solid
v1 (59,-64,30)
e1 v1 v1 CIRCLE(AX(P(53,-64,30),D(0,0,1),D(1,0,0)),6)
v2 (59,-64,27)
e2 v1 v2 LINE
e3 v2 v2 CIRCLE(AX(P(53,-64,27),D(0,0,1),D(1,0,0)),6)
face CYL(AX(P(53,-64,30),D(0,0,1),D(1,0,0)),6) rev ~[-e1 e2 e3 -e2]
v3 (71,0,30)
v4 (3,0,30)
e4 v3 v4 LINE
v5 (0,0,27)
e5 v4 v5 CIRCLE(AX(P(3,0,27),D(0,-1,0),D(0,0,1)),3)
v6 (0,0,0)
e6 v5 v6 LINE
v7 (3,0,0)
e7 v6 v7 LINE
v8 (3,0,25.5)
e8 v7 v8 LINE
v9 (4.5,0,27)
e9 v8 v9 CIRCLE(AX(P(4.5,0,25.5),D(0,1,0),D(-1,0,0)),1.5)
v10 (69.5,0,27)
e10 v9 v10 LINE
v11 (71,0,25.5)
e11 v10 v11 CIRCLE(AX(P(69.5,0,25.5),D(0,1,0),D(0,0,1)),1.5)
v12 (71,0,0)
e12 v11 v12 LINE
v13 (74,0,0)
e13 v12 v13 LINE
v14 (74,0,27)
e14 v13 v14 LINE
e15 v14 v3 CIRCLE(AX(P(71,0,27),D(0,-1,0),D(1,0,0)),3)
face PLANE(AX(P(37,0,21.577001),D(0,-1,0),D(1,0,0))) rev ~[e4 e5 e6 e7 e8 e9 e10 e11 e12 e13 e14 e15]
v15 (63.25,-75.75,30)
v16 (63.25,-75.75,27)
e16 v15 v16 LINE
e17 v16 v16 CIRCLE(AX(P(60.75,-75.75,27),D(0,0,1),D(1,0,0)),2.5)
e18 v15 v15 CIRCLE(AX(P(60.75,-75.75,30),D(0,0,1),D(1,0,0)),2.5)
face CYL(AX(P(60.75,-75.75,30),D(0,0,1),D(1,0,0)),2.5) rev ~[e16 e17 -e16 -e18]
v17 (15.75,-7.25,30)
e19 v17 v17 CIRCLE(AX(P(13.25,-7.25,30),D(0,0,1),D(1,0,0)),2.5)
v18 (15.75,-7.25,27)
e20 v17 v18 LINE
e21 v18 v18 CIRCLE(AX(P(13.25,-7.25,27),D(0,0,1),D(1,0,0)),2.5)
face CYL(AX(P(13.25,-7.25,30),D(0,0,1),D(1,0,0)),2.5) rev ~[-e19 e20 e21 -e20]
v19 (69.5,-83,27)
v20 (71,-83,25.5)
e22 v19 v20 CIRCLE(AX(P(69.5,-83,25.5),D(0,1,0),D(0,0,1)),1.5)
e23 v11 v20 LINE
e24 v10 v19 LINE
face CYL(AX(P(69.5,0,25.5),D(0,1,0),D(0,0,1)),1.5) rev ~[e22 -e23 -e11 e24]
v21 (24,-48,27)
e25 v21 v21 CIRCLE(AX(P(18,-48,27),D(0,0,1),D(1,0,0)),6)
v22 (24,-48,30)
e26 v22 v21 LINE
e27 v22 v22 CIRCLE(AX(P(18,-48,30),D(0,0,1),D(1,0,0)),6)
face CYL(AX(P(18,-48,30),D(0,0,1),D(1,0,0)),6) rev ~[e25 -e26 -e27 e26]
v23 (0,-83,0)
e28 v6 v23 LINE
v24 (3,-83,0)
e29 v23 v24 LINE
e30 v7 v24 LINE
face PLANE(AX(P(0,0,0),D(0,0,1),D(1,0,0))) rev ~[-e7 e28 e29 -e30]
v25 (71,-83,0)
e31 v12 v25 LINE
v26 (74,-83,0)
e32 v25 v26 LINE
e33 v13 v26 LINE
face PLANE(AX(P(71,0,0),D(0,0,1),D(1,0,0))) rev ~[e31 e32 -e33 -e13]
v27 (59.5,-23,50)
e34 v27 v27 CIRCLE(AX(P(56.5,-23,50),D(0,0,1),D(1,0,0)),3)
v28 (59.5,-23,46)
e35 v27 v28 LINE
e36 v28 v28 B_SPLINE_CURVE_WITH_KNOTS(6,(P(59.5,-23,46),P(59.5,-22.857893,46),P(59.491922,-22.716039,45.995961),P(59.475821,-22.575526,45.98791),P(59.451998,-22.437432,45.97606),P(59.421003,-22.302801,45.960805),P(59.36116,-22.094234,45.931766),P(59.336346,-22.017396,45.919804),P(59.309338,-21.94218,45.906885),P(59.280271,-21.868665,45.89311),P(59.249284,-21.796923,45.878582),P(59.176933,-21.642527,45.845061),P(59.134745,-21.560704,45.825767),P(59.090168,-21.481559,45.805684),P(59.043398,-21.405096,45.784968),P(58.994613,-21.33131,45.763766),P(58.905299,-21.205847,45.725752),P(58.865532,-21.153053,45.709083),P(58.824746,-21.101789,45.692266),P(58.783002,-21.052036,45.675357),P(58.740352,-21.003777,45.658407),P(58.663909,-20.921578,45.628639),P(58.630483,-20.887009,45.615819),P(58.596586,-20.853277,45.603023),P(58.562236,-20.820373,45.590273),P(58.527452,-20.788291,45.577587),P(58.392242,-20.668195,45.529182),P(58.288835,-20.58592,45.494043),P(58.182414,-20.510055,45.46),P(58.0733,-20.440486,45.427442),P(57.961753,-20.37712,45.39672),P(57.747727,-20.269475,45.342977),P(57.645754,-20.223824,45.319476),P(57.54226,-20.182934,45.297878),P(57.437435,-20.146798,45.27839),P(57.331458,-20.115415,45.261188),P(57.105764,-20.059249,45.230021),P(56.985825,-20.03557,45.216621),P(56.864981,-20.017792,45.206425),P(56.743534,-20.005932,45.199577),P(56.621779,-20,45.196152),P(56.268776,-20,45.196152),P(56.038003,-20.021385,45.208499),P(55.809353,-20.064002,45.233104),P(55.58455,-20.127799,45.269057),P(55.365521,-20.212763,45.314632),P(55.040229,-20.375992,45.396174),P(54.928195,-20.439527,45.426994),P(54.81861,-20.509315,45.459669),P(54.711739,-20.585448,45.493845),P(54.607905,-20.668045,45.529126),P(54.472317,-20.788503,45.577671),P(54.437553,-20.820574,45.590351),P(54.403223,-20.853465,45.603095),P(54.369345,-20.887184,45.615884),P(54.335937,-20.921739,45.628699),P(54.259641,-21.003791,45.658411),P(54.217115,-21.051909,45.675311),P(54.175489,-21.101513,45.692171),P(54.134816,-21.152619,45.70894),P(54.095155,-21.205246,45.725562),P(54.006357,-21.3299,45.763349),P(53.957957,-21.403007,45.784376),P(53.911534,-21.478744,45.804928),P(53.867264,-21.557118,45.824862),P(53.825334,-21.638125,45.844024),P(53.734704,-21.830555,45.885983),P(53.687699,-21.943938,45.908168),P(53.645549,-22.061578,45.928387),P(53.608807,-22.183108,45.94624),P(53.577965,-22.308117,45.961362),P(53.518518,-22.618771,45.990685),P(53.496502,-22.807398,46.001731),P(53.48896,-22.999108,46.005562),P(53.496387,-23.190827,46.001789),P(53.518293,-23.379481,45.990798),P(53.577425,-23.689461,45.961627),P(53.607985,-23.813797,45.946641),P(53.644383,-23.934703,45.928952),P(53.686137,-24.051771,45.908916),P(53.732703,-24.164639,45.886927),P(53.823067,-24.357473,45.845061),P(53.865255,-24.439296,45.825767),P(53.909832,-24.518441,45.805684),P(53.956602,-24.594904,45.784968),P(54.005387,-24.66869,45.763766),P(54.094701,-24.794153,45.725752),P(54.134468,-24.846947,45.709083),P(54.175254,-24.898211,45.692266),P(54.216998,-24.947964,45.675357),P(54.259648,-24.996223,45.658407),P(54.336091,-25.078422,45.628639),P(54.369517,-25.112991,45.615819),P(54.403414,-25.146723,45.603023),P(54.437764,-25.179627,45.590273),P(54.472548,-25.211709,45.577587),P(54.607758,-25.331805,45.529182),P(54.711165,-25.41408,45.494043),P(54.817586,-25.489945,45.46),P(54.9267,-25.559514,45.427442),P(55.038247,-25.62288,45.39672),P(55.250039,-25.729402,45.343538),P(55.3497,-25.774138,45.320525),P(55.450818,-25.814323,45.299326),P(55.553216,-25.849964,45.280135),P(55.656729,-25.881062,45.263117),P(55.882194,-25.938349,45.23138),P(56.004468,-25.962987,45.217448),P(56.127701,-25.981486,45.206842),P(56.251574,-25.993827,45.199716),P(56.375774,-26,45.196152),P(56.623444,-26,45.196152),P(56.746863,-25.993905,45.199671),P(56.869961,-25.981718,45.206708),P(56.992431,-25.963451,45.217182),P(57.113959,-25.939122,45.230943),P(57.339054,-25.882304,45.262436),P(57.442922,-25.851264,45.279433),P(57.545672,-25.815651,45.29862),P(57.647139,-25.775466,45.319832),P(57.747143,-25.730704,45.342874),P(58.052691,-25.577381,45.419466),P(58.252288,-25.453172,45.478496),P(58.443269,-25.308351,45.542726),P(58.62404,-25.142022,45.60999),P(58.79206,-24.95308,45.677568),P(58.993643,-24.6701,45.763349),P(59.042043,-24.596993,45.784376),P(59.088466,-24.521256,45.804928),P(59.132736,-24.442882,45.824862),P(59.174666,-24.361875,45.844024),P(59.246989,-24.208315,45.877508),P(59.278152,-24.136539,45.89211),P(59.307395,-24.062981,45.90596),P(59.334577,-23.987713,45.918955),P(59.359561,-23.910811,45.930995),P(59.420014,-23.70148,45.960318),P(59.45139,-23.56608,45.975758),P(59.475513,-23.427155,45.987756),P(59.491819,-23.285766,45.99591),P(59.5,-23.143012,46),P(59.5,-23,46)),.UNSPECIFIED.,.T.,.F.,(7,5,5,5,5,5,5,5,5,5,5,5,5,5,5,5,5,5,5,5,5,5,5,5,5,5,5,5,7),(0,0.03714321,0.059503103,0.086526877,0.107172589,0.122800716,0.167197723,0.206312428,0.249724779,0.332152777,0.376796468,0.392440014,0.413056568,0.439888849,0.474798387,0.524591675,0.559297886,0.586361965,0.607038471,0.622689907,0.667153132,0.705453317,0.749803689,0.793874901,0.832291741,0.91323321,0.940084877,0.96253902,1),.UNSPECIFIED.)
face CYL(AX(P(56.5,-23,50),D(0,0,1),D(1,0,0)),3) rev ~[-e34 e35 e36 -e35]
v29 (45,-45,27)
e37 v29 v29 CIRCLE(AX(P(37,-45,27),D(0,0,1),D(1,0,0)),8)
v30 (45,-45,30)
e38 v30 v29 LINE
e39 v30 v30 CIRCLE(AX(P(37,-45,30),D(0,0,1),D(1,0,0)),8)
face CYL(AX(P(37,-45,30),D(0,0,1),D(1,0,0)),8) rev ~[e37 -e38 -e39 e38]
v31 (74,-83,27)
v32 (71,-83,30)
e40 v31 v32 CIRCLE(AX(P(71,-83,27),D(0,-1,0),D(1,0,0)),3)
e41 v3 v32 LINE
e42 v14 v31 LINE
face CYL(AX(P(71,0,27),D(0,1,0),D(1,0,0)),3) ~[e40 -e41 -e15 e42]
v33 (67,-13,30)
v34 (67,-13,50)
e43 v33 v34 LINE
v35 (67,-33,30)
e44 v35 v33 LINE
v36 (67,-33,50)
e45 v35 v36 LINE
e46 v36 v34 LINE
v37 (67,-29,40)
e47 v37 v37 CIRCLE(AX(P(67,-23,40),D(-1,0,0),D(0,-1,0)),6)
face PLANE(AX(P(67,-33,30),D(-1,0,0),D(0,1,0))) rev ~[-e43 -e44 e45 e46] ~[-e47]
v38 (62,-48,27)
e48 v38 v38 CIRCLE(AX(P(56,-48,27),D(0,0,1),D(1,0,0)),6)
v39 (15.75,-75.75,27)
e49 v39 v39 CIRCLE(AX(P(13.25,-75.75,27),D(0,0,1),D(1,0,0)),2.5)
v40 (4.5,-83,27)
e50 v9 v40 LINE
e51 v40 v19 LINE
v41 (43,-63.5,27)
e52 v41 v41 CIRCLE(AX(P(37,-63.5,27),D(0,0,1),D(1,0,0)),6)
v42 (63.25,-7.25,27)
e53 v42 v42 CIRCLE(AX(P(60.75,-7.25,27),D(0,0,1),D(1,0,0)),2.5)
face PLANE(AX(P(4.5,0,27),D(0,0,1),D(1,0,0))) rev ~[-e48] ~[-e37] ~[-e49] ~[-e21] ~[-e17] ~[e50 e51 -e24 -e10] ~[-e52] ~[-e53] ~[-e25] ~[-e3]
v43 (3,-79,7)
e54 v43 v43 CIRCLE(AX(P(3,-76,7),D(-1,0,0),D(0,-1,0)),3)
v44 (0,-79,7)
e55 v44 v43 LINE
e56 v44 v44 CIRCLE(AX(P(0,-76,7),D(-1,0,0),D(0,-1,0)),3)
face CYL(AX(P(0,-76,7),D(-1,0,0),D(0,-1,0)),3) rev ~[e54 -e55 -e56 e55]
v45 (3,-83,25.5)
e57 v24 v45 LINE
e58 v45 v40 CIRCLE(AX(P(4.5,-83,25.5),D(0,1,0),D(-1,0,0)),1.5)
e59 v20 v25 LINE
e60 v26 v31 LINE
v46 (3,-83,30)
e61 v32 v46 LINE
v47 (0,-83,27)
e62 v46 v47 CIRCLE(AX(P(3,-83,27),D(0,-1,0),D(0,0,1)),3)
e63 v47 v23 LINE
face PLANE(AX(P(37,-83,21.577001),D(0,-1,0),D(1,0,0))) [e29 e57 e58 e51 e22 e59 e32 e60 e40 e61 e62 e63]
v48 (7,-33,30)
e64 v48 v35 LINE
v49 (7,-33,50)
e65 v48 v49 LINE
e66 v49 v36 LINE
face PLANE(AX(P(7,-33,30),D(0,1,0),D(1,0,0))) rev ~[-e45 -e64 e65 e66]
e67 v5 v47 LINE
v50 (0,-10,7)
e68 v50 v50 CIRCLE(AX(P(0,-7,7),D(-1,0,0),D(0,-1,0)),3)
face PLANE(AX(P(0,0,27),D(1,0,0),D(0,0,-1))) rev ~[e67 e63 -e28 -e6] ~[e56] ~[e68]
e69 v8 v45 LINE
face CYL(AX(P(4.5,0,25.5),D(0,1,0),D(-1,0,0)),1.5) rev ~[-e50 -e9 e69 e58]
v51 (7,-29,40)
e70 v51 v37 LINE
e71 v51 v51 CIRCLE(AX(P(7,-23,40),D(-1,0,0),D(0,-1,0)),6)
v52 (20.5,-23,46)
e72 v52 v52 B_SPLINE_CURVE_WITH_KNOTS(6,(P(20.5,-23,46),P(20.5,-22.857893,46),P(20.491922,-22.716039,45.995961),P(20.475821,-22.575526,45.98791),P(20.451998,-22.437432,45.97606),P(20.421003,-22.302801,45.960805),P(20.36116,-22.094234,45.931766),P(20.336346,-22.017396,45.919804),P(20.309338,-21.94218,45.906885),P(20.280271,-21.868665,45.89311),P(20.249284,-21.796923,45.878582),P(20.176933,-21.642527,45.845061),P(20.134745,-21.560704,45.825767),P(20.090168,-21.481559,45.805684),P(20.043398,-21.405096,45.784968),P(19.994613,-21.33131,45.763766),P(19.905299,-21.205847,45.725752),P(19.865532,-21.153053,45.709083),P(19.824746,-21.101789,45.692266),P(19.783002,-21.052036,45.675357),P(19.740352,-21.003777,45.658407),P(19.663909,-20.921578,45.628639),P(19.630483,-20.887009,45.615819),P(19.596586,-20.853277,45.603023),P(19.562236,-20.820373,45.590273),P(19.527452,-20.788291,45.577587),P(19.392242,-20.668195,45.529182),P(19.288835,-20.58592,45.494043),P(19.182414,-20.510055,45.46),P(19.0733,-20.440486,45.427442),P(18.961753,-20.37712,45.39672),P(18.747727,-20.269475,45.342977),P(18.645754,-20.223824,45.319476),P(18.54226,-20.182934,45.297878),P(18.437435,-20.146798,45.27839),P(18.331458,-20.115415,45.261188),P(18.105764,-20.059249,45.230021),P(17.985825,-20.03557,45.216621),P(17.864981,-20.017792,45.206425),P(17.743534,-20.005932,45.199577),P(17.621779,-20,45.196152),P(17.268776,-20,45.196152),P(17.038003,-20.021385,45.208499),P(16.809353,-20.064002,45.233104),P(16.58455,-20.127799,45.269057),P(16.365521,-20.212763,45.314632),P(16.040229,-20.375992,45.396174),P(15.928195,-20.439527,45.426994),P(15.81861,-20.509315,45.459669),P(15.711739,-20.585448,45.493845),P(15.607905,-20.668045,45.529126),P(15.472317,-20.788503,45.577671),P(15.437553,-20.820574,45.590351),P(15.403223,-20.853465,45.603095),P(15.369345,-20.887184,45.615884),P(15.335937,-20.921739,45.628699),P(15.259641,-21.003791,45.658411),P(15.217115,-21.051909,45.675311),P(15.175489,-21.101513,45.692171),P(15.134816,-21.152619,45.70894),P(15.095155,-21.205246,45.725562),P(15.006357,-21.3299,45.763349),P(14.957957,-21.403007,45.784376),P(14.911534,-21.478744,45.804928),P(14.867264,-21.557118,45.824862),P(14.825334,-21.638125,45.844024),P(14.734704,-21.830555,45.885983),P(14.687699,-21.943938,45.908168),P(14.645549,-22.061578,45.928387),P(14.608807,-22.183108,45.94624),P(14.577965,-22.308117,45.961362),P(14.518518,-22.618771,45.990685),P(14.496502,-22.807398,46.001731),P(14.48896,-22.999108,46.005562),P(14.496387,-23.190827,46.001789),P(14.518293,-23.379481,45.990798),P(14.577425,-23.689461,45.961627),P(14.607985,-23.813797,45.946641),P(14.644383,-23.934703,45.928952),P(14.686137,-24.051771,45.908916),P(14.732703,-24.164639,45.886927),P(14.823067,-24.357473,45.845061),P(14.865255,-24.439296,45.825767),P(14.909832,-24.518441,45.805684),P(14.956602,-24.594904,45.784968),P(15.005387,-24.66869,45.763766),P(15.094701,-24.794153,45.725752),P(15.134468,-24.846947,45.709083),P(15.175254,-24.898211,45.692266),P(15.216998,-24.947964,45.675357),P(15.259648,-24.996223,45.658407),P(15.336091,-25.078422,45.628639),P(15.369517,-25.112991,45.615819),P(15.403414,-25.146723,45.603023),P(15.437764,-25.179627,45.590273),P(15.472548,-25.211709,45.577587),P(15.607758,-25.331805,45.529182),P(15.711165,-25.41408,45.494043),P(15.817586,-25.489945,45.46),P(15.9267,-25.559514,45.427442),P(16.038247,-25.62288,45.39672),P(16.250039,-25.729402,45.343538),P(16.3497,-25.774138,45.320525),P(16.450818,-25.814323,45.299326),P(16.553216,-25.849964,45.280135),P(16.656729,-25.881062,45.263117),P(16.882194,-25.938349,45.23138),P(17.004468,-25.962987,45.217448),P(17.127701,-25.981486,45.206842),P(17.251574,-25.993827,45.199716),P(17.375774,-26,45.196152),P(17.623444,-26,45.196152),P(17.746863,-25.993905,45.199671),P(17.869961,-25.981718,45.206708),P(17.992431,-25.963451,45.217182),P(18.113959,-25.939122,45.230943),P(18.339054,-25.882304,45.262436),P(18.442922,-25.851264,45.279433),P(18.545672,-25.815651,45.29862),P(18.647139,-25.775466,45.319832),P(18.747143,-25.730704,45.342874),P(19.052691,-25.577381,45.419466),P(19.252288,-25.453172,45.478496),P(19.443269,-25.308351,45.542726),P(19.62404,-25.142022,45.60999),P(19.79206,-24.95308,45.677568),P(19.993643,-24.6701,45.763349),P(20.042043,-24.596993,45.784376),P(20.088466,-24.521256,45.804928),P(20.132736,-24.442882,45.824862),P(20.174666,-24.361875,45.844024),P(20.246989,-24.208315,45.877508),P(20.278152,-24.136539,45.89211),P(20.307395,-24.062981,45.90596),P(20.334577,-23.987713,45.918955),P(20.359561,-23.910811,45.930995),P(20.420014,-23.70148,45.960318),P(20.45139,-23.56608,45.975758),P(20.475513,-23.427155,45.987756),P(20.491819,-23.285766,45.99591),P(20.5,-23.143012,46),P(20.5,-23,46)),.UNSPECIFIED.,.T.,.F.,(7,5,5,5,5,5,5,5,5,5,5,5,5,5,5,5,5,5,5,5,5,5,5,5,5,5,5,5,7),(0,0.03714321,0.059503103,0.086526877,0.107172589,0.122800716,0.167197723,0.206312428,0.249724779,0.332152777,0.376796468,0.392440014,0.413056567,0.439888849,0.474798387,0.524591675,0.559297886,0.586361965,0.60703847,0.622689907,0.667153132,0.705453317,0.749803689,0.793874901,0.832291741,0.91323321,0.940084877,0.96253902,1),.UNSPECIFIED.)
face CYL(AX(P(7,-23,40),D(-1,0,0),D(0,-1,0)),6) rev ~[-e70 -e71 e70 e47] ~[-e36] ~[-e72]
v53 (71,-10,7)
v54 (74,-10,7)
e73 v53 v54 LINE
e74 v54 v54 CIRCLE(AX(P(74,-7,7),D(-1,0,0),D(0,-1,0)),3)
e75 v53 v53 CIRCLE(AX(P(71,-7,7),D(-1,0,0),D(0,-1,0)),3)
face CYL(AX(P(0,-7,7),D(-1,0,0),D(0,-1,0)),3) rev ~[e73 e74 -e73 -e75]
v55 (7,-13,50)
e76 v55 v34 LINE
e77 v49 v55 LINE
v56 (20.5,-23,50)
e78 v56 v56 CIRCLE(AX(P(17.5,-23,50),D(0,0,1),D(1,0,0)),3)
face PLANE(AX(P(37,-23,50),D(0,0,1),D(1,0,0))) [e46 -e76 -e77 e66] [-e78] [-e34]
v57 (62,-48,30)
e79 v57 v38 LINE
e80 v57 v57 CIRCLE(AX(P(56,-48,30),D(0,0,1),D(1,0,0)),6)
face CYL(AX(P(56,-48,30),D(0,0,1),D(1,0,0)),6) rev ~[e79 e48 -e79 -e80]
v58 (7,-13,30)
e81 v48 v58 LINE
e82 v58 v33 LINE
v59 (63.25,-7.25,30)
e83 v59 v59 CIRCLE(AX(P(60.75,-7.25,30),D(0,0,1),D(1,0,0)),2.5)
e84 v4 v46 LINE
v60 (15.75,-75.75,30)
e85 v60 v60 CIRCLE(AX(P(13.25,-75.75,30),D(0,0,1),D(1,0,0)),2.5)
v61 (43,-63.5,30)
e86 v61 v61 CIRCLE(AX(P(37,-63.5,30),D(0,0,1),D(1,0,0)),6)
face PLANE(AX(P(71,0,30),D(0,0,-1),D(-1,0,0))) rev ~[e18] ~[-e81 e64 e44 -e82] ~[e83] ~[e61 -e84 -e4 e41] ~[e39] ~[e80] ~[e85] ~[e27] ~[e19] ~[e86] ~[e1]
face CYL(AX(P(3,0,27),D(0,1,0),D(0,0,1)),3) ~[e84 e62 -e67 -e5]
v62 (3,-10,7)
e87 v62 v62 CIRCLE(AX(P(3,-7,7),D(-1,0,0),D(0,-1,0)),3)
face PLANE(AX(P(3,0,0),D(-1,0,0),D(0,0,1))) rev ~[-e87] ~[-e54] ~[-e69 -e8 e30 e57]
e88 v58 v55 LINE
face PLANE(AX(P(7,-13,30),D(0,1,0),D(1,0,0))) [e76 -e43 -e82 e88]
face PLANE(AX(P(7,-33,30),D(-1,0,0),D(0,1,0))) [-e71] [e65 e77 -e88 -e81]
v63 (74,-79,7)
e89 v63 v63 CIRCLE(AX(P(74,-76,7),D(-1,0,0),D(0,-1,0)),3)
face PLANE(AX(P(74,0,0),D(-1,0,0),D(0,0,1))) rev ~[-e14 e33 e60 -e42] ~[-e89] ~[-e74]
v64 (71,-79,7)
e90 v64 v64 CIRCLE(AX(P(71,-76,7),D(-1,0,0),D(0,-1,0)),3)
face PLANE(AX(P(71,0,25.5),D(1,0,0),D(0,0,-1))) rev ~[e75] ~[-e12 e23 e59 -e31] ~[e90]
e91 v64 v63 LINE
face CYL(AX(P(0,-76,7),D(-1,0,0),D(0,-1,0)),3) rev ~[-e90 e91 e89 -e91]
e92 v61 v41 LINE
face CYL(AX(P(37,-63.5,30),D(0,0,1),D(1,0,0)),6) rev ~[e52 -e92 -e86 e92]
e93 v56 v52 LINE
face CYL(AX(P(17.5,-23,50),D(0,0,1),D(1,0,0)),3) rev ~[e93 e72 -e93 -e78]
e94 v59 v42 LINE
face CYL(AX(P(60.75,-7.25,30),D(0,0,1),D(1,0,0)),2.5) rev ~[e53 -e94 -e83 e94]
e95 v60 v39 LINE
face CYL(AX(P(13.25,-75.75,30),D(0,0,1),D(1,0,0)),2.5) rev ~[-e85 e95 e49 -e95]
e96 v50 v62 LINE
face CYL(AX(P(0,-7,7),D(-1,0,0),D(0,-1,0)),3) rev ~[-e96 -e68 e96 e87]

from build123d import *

# Parameters (mm, degrees)
F1_DEPTH  = 83
F2_R      = 2.5
F3_DEPTH  = 30.001
F4_R      = 8
F4_R_2    = 6
F5_DEPTH  = 30.001
F6_R      = 3
F7_DEPTH  = 74.001
F8_W      = 60
F8_H      = 20
F9_DEPTH  = 20
F10_R     = 6
F11_DEPTH = 67.001
F12_R     = 3
F13_DEPTH = 4.8048476773


with BuildPart() as f1:
    # F0 (on Front) → F1 (new body)
    with BuildSketch(Plane.XZ):
        with BuildLine():
            Line((0, 27), (0, 0))
            Line((0, 0), (3, 0))
            Line((3, 0), (3, 25.5))
            ThreePointArc((3, 25.5), (3.4393398282, 26.5606601718), (4.5, 27))
            Line((4.5, 27), (69.5, 27))
            ThreePointArc((69.5, 27), (70.5606601718, 26.5606601718), (71, 25.5))
            Line((71, 25.5), (71, 0))
            Line((71, 0), (74, 0))
            Line((74, 0), (74, 27))
            ThreePointArc((74, 27), (73.1213203436, 29.1213203436), (71, 30))
            Line((71, 30), (3, 30))
            ThreePointArc((3, 30), (0.8786796564, 29.1213203436), (0, 27))
        make_face()
    extrude(amount=F1_DEPTH)

    # F2 (on face) → F3 (cut, through all)
    with BuildSketch(Plane.XY.offset(30)):
        with Locations((13.25, -7.25)):
            Circle(F2_R)
        with Locations((60.75, -7.25)):
            Circle(F2_R)
        with Locations((60.75, -75.75)):
            Circle(F2_R)
        with Locations((13.25, -75.75)):
            Circle(F2_R)
    extrude(amount=-F3_DEPTH, mode=Mode.SUBTRACT)

    # F4 (on face) → F5 (cut, through all)
    with BuildSketch(Plane.XY.offset(30)):
        with Locations((37, -45)):
            Circle(F4_R)
        with Locations((56, -48)):
            Circle(F4_R_2)
        with Locations((53, -64)):
            Circle(F4_R_2)
        with Locations((37, -63.5)):
            Circle(F4_R_2)
        with Locations((18, -48)):
            Circle(F4_R_2)
    extrude(amount=-F5_DEPTH, mode=Mode.SUBTRACT)

    # F6 (on face) → F7 (cut, through all)
    with BuildSketch(Plane(origin=(0, 0, 0), x_dir=(0, -1, 0), z_dir=(-1, 0, 0))):
        with Locations((7, 7)):
            Circle(F6_R)
        with Locations((76, 7)):
            Circle(F6_R)
    extrude(amount=-F7_DEPTH, mode=Mode.SUBTRACT)

    # F8 (on face) → F9 (join)
    with BuildSketch(Plane.XY.offset(30)):
        with Locations((37, -23)):
            Rectangle(F8_W, F8_H)
    extrude(amount=F9_DEPTH)

    # F10 (on face) → F11 (cut, through all)
    with BuildSketch(Plane(origin=(7, 0, 0), x_dir=(0, -1, 0), z_dir=(-1, 0, 0))):
        with Locations((23, 40)):
            Circle(F10_R)
    extrude(amount=-F11_DEPTH, mode=Mode.SUBTRACT)

    # F12 (on face) → F13 (cut, through all)
    with BuildSketch(Plane.XY.offset(50)):
        with Locations((17.5, -23)):
            Circle(F12_R)
        with Locations((56.5, -23)):
            Circle(F12_R)
    extrude(amount=-F13_DEPTH, mode=Mode.SUBTRACT)


solid = f1.part
